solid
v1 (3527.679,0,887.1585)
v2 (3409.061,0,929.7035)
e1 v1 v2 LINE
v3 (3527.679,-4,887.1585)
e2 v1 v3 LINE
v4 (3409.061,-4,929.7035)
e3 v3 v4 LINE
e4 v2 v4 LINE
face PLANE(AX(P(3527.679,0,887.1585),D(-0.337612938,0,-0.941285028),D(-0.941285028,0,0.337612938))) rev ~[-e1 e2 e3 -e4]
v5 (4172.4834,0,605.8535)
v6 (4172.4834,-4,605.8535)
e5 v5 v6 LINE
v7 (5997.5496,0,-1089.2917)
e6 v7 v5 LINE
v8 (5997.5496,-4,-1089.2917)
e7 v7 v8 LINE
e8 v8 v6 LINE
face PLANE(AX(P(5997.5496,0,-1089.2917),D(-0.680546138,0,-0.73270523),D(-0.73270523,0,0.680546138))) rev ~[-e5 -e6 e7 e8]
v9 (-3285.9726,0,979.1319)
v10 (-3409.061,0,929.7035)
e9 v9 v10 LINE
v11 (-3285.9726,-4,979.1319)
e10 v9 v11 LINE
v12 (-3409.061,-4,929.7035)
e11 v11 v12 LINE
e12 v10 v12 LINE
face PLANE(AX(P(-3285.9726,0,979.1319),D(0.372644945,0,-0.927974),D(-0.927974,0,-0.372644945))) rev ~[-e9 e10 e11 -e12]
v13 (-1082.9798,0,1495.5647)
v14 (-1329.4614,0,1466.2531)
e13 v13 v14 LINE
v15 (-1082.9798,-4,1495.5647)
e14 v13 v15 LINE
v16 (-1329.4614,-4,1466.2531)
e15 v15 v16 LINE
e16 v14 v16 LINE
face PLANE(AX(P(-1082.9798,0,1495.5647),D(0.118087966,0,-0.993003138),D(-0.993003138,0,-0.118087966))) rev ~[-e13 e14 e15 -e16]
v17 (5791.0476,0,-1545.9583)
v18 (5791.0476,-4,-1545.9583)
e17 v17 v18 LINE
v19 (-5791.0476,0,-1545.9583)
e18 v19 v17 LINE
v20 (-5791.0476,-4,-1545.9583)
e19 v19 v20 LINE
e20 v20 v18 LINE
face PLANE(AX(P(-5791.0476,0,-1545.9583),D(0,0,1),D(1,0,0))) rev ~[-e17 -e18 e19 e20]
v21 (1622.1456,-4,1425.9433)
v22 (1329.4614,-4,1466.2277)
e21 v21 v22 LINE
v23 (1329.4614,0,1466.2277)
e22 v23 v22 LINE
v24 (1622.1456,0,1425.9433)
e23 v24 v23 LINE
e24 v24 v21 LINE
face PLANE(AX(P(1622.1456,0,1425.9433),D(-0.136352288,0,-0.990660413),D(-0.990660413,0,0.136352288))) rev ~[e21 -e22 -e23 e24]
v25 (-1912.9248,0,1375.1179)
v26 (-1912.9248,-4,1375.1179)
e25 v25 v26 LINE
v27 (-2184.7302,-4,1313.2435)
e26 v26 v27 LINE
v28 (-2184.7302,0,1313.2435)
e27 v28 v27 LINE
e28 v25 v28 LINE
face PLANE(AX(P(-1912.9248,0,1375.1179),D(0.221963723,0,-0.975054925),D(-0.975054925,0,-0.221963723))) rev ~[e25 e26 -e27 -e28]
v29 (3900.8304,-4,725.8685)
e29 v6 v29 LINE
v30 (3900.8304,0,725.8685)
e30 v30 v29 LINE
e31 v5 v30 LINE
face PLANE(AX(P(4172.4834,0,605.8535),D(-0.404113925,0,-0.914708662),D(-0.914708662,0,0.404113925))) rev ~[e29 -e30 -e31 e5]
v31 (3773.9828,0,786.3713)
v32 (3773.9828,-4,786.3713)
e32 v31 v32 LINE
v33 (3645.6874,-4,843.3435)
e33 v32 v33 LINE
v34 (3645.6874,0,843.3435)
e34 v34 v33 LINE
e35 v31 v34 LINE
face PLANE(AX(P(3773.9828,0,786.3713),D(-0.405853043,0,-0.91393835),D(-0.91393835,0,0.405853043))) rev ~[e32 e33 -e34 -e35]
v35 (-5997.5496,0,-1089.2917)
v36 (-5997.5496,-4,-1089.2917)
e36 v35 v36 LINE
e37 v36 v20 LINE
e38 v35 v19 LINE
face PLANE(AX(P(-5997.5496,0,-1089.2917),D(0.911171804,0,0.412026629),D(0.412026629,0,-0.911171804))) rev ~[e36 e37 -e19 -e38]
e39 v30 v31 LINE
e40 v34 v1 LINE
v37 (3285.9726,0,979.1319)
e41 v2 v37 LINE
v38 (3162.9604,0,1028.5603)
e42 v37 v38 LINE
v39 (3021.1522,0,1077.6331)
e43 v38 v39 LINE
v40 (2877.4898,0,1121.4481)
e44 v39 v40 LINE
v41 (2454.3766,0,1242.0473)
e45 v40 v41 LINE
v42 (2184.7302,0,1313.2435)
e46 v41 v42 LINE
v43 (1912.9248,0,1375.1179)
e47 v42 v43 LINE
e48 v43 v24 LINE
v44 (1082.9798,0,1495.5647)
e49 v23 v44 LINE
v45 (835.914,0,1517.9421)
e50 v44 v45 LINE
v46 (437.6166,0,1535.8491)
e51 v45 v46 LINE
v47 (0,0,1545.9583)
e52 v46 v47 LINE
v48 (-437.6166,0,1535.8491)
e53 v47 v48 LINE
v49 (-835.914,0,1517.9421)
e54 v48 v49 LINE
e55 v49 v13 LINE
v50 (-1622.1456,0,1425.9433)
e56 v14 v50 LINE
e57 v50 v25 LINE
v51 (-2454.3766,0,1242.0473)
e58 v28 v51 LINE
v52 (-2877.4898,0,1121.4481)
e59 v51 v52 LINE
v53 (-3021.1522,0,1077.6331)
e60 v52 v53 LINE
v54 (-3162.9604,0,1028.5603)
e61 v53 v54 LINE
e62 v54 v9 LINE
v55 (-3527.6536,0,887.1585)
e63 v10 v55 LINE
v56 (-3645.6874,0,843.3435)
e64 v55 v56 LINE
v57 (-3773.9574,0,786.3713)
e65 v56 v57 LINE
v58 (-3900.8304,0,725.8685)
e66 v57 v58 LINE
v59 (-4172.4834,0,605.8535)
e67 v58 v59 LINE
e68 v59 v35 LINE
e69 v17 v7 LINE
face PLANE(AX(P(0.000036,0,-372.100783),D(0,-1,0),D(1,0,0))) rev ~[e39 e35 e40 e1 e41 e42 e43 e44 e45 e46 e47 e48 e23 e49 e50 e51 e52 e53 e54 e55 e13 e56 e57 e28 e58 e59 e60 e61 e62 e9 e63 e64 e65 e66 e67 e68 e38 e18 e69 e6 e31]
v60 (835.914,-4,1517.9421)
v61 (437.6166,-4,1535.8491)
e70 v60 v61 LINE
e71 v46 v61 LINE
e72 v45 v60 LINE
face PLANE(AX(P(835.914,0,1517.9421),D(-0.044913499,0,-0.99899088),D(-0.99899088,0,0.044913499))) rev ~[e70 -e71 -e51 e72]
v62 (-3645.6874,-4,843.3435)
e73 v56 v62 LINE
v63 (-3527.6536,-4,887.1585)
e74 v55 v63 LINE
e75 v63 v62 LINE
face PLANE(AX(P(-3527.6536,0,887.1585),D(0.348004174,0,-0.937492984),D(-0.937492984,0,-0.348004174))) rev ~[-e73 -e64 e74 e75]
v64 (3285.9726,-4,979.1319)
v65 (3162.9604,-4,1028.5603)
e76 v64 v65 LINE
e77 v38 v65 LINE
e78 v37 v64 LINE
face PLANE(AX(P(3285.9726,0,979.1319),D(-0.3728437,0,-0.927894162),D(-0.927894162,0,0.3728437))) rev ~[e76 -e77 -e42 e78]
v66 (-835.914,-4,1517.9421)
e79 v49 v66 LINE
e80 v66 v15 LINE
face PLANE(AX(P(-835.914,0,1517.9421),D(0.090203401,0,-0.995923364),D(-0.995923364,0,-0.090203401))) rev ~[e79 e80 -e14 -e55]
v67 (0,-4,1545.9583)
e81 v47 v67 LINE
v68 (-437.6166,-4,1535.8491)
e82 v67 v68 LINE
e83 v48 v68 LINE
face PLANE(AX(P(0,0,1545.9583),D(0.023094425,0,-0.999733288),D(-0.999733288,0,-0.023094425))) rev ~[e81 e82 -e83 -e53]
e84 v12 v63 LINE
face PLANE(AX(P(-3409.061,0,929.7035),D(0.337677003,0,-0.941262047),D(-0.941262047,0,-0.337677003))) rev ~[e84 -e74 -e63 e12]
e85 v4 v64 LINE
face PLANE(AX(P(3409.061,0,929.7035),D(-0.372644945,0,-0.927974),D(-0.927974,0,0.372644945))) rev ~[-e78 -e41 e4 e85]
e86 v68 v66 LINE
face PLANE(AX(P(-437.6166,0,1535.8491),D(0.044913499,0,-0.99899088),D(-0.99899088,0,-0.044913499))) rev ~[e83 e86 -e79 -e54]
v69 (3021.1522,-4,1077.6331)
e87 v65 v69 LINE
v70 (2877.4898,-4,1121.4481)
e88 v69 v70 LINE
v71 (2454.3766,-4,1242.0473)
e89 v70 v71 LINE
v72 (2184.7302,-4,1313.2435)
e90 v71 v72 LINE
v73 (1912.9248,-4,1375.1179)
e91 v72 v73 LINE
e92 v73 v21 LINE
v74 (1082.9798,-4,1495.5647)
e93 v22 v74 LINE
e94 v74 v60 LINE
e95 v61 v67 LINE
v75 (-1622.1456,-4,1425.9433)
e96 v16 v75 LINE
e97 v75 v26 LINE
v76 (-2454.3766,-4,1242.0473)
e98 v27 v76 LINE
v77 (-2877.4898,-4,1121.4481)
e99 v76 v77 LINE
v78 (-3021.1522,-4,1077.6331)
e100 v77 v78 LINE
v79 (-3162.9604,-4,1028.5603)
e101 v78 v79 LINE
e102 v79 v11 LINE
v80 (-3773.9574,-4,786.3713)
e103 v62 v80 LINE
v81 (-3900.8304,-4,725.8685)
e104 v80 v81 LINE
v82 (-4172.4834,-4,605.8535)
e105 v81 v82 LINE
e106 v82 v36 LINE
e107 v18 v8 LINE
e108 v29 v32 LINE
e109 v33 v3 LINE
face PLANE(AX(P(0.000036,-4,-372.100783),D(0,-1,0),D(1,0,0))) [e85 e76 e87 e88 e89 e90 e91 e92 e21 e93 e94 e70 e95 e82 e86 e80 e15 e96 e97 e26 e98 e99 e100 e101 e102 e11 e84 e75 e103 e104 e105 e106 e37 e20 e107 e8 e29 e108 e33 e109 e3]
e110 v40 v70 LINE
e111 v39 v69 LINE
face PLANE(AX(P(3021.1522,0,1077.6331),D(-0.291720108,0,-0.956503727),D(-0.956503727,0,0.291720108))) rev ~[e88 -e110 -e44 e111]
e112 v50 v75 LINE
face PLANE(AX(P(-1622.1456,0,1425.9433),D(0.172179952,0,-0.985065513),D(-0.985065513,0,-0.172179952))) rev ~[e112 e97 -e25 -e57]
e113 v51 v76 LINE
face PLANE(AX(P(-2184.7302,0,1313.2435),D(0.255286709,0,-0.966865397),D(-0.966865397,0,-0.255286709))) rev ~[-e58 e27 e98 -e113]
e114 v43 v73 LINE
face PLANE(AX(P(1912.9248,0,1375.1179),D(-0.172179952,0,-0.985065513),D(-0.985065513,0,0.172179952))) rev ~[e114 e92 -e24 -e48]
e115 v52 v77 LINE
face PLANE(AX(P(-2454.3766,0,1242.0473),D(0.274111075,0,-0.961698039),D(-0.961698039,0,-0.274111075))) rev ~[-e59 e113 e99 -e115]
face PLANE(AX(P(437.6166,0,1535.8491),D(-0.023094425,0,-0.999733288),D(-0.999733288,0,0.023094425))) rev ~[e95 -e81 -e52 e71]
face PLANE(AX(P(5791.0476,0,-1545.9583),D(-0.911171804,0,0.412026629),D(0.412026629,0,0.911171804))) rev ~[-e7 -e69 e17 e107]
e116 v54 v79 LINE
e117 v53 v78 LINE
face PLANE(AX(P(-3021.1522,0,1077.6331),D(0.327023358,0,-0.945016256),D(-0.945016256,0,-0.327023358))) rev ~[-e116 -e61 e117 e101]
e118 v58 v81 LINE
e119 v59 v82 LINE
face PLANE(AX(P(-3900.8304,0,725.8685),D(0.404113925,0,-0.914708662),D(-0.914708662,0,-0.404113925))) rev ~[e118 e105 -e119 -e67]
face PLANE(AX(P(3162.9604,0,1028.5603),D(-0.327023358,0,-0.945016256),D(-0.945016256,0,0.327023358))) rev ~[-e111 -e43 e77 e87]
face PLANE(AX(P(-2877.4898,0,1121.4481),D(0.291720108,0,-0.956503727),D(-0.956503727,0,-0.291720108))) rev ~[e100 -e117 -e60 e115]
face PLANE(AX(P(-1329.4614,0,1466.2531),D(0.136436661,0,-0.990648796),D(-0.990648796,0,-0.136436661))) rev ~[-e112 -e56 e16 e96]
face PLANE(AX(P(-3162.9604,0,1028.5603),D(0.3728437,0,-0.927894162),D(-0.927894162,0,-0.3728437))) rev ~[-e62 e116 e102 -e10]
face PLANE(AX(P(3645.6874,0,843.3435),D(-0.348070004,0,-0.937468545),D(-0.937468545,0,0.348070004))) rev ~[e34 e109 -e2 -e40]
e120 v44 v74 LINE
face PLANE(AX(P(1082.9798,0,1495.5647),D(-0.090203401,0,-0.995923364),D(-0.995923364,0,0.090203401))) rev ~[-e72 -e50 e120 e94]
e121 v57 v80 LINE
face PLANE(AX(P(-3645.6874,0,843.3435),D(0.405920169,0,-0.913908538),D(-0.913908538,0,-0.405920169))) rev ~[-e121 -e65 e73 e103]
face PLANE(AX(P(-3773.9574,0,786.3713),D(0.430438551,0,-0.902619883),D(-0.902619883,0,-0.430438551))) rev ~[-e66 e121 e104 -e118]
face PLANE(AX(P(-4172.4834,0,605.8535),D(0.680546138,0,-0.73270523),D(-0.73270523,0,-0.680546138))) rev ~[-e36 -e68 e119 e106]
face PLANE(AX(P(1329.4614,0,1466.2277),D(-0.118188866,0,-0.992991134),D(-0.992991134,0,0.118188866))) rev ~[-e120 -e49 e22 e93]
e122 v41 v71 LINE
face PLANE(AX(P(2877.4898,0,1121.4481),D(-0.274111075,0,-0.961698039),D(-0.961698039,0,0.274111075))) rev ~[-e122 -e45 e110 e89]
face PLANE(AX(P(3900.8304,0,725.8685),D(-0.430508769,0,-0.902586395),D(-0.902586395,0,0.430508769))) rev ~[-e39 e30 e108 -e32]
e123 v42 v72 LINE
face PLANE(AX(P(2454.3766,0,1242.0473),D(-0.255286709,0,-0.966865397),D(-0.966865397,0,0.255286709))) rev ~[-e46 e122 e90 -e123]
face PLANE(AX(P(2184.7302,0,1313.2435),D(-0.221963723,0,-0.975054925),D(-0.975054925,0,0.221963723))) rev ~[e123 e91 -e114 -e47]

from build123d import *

# Parameters (mm, degrees)
F1_DEPTH = 4


with BuildPart() as f1:
    # F0 (on Front) → F1 (new body)
    with BuildSketch(Plane.XZ):
        Polygon((437.6166, 1535.8491), (0, 1545.9583), (-437.6166, 1535.8491), (-835.914, 1517.9421), (-1082.9798, 1495.5647), (-1329.4614, 1466.2531), (-1622.1456, 1425.9433), (-1912.9248, 1375.1179), (-2184.7302, 1313.2435), (-2454.3766, 1242.0473), (-2877.4898, 1121.4481), (-3021.1522, 1077.6331), (-3162.9604, 1028.5603), (-3285.9726, 979.1319), (-3409.061, 929.7035), (-3527.6536, 887.1585), (-3645.6874, 843.3435), (-3773.9574, 786.3713), (-3900.8304, 725.8685), (-4172.4834, 605.8535), (-5997.5496, -1089.2917), (-5791.0476, -1545.9583), (0, -1545.9583), (5791.0476, -1545.9583), (5997.5496, -1089.2917), (4172.4834, 605.8535), (3900.8304, 725.8685), (3773.9828, 786.3713), (3645.6874, 843.3435), (3527.679, 887.1585), (3409.061, 929.7035), (3285.9726, 979.1319), (3162.9604, 1028.5603), (3021.1522, 1077.6331), (2877.4898, 1121.4481), (2454.3766, 1242.0473), (2184.7302, 1313.2435), (1912.9248, 1375.1179), (1622.1456, 1425.9433), (1329.4614, 1466.2277), (1082.9798, 1495.5647), (835.914, 1517.9421), align=None)
    extrude(amount=F1_DEPTH)


solid = f1.part
